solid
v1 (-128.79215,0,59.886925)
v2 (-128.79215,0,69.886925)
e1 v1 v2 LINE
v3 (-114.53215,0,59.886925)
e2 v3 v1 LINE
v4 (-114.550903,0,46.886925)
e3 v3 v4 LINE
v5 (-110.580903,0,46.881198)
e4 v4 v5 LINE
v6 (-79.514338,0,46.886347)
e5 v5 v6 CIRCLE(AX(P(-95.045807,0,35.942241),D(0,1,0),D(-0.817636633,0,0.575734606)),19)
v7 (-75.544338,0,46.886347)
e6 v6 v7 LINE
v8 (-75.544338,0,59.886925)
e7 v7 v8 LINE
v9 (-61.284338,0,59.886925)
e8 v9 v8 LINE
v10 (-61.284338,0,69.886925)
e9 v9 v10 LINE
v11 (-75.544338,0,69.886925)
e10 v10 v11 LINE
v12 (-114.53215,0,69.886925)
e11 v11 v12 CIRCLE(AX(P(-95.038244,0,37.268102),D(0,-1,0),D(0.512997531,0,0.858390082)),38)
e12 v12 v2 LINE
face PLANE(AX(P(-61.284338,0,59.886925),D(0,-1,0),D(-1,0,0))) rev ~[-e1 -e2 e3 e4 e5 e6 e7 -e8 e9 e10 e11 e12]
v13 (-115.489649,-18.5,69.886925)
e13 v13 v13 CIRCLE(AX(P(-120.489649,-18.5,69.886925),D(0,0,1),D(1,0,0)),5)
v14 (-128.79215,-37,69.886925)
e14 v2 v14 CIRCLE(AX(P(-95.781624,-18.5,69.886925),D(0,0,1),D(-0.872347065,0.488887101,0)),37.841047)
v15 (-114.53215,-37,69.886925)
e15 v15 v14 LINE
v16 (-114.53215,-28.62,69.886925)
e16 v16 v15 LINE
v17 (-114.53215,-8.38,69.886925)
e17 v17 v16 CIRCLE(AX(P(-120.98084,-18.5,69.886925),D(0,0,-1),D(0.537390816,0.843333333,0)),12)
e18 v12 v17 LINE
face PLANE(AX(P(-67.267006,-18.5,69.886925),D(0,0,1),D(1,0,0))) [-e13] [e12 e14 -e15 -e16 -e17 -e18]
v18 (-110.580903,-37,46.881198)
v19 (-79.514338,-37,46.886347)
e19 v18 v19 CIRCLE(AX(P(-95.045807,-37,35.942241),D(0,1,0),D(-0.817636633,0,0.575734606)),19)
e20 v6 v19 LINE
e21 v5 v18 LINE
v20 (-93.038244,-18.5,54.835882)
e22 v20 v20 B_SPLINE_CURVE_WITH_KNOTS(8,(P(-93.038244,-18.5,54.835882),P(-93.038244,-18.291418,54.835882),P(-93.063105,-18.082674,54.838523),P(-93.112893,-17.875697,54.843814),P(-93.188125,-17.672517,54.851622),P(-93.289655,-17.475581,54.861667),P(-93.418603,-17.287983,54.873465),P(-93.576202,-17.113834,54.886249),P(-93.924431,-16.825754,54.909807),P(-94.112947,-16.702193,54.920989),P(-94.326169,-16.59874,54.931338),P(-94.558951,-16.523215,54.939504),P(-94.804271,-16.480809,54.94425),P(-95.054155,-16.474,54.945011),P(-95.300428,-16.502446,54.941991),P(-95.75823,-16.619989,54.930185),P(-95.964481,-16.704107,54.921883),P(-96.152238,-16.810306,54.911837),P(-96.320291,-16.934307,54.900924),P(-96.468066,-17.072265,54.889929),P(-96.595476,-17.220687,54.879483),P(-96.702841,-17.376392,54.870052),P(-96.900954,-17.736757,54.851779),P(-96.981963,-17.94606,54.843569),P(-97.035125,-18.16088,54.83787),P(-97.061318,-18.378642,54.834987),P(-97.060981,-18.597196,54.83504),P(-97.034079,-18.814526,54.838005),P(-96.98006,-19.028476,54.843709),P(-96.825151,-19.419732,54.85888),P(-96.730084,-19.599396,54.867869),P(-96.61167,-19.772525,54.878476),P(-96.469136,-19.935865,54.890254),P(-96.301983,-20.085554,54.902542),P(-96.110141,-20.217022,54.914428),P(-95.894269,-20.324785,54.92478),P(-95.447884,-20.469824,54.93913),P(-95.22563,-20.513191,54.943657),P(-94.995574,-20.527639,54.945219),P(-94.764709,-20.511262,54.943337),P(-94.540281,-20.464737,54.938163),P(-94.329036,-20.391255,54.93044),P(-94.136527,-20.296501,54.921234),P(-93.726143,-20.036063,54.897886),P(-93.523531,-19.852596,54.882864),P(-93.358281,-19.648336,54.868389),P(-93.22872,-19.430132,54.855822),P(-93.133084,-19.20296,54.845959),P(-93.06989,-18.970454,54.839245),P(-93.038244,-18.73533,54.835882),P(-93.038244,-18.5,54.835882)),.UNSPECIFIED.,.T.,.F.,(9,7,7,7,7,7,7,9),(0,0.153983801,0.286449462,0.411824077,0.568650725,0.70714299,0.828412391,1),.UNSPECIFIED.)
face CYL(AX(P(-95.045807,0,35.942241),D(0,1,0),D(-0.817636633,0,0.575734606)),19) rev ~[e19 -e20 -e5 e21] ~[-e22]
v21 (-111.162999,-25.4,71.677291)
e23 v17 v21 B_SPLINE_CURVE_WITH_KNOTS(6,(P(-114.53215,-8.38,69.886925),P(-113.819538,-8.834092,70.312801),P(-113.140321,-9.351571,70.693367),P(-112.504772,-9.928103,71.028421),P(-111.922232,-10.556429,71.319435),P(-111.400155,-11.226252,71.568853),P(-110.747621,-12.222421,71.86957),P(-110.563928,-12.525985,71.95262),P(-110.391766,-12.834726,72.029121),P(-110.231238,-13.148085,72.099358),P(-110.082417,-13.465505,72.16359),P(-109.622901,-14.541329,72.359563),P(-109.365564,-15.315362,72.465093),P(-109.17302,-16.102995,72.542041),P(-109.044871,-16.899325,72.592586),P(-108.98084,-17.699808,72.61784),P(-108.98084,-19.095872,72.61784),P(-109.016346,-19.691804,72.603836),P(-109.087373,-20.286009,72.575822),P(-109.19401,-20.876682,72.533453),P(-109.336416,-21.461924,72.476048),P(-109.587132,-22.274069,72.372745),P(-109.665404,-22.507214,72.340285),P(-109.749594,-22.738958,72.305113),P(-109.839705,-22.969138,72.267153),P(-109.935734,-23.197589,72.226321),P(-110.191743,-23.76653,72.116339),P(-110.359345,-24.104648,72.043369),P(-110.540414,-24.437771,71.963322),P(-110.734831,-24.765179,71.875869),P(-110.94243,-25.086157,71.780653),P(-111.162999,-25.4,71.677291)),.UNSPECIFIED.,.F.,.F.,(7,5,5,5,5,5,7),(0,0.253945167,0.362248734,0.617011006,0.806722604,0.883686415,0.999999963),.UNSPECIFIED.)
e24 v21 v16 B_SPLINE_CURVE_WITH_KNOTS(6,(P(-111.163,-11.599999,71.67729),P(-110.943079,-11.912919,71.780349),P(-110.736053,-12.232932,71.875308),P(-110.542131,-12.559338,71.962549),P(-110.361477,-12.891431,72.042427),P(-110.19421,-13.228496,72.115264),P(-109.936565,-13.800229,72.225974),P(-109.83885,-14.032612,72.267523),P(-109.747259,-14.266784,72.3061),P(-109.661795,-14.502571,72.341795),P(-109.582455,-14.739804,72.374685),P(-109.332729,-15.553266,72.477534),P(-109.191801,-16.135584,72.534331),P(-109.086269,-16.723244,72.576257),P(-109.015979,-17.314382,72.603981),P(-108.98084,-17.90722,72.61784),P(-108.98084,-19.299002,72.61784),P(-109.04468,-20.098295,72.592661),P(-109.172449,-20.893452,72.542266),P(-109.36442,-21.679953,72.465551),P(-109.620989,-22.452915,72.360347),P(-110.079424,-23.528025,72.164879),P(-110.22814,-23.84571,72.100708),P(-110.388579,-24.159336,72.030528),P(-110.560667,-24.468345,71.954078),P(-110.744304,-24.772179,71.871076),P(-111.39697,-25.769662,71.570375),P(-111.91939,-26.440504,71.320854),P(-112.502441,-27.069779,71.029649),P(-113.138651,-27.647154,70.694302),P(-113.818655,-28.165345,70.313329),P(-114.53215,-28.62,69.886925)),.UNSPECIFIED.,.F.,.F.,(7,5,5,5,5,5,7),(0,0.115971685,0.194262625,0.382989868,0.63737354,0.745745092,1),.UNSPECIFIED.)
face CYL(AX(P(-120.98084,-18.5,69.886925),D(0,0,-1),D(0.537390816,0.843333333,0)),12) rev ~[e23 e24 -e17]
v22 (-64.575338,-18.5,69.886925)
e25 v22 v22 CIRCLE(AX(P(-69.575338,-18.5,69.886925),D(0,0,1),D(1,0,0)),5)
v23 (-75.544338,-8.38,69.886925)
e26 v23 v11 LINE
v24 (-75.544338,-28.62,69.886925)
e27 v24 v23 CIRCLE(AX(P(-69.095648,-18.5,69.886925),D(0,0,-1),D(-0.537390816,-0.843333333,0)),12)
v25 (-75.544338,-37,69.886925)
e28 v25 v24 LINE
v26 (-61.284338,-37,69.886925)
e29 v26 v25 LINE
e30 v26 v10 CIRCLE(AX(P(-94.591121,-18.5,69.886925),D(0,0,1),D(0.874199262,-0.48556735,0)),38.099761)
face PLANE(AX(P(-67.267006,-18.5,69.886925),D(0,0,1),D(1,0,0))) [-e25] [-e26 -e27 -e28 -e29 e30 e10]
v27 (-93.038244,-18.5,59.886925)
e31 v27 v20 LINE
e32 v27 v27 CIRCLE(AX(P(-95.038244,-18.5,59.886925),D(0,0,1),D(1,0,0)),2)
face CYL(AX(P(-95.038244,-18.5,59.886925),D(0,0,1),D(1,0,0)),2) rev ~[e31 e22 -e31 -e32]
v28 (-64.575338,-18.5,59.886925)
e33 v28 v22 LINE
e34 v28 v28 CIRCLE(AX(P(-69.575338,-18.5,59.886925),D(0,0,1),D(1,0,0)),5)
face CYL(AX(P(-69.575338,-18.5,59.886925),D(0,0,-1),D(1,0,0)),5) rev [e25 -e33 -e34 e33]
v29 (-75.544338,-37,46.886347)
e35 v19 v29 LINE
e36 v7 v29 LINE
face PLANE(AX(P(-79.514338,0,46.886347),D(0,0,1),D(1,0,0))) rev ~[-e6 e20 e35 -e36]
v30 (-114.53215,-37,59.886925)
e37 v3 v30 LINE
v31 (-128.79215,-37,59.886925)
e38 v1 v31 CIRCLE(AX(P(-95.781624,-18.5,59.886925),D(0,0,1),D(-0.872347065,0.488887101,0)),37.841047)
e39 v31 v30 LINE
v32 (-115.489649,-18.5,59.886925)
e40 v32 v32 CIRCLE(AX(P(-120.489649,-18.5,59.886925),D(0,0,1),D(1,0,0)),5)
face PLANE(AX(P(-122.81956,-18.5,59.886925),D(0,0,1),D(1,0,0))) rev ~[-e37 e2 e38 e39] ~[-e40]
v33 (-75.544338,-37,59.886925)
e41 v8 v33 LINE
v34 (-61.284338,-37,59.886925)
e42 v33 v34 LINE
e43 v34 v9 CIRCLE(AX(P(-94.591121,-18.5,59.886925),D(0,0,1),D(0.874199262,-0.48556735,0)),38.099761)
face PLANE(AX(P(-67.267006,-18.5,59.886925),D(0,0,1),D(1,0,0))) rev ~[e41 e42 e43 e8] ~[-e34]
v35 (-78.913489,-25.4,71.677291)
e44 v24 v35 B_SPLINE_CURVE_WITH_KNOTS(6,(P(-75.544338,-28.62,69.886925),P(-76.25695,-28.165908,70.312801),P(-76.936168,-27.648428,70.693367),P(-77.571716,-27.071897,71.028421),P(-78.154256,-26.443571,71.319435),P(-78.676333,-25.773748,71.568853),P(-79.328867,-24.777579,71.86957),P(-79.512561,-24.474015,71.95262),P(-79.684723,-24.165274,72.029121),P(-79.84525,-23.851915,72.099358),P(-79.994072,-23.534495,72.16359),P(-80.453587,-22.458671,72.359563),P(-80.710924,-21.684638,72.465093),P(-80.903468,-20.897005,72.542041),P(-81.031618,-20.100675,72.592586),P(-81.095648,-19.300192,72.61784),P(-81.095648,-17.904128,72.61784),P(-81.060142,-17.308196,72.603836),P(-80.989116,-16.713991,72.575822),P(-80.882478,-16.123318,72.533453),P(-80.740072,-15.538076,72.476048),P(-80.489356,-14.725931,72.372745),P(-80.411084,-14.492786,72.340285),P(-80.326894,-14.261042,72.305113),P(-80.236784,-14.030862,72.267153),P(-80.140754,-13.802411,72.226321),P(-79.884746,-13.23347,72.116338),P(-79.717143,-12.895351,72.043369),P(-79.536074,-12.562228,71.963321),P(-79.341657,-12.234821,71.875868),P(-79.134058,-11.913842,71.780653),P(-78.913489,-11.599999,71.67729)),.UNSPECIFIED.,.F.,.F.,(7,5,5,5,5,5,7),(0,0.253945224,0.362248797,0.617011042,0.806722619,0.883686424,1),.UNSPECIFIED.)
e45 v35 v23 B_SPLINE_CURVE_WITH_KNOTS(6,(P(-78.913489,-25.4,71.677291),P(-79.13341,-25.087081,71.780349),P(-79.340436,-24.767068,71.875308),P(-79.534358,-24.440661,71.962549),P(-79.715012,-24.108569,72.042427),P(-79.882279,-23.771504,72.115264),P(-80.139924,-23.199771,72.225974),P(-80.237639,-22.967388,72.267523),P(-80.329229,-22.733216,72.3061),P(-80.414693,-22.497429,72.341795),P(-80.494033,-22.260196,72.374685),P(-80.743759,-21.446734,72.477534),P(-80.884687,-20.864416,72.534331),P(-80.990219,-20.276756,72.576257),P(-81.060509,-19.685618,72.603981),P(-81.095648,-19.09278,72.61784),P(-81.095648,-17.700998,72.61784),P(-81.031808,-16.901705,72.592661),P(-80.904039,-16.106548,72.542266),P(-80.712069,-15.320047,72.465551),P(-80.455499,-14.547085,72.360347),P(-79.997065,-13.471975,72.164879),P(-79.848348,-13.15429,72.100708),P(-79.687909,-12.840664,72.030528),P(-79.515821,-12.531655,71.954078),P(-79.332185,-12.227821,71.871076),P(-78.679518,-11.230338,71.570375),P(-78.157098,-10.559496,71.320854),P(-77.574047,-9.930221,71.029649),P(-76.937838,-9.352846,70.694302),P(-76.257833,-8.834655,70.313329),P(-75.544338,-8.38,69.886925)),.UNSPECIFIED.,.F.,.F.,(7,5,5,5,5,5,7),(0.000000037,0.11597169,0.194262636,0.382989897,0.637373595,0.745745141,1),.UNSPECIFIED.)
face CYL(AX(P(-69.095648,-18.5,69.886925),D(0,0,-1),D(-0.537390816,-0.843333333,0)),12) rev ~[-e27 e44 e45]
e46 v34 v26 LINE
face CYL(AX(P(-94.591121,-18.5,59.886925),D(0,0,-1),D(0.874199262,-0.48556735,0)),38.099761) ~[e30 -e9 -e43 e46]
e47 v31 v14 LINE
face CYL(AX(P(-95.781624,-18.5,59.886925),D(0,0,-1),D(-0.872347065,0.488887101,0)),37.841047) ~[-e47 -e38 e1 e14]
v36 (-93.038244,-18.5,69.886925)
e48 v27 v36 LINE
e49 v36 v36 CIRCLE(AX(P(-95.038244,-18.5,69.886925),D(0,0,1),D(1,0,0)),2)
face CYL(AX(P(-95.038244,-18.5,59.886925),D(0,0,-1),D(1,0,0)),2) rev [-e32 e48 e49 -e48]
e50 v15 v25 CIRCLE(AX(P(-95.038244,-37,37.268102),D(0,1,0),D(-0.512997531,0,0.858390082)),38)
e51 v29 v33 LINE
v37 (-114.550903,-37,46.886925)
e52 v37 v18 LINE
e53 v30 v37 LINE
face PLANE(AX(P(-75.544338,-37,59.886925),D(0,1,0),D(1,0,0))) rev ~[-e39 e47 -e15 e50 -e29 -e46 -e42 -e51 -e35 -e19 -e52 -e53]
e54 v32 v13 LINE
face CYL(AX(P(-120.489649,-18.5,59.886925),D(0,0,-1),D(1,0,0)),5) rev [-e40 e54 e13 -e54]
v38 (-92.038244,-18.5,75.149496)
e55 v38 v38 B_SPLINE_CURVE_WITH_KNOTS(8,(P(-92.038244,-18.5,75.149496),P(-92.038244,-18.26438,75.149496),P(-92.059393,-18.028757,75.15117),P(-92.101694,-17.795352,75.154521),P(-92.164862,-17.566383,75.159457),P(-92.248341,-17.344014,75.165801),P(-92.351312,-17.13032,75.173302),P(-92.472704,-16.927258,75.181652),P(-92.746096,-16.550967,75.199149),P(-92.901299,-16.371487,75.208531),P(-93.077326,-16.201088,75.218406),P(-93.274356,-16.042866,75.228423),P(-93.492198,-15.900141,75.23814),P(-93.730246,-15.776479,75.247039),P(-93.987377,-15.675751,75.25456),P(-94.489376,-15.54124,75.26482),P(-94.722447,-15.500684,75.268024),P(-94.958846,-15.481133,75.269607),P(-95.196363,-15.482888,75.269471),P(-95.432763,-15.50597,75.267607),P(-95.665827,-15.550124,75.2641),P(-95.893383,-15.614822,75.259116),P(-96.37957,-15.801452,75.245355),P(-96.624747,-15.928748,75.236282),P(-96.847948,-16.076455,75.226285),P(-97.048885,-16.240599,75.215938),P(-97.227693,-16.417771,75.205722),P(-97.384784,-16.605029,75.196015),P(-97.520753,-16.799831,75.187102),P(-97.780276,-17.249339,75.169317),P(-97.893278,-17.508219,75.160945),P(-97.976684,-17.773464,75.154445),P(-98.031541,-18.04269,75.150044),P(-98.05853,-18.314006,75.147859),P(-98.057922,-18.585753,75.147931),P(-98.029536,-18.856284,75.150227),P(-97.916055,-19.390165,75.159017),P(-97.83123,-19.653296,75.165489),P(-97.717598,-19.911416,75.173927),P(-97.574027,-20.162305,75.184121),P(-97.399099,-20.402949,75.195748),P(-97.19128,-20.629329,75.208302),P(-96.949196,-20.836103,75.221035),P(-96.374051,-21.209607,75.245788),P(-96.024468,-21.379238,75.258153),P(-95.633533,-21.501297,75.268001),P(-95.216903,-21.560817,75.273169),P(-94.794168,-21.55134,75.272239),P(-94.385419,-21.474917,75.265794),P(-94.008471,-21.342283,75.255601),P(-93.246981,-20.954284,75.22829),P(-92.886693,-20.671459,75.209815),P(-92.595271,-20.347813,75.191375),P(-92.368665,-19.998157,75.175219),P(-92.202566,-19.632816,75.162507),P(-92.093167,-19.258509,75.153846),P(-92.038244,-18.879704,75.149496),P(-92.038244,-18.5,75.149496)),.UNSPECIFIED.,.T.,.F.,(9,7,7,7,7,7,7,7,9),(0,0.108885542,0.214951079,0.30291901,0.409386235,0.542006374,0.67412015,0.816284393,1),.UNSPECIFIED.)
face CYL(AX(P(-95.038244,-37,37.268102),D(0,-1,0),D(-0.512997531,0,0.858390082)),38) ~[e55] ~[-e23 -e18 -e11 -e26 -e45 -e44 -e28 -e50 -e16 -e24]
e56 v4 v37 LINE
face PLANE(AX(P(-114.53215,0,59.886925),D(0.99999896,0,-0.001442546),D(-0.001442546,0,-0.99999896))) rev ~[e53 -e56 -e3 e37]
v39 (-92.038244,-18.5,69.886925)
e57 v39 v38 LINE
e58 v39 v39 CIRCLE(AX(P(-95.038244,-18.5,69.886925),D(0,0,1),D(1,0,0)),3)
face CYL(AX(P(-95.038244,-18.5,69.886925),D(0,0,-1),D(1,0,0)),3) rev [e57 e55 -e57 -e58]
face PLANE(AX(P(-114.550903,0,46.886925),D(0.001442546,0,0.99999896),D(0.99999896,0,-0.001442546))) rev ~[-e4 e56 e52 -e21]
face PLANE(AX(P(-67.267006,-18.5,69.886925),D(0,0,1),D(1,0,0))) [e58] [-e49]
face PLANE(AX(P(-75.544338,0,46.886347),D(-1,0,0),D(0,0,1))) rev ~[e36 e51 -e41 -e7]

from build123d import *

# Parameters (mm, degrees)
F1_DEPTH  = 37
F2_R      = 2
F3_DEPTH  = 25.4
F4_R      = 5
F2_W      = 38.9878123262
F2_H      = 37
F5_DEPTH  = 10
F6_R      = 3
F7_DEPTH  = 10
F9_DEPTH  = 25.4
F11_DEPTH = 25.4


with BuildPart() as f1:
    # F0 (on Front) → F1 (new body)
    with BuildSketch(Plane.XZ):
        with BuildLine():
            Line((-75.544338002, 59.8869249225), (-114.5321503282, 59.8869249225))
            Line((-114.5321503282, 59.8869249225), (-114.5509034395, 46.8869249225))
            Line((-114.5509034395, 46.8869249225), (-110.5809034395, 46.8811980108))
            ThreePointArc((-110.5809034395, 46.8811980108), (-95.048956228, 54.9422402402), (-79.514338002, 46.8863465853))
            Line((-79.514338002, 46.8863465853), (-75.544338002, 46.8863465853))
            Line((-75.544338002, 46.8863465853), (-75.544338002, 59.8869249225))
        make_face()
    extrude(amount=F1_DEPTH)

    # F2 (on face) → F3 (cut)
    with BuildSketch(Plane.XY.offset(59.8869249225)):
        with Locations((-95.0382441651, -18.5)):
            Circle(F2_R)
    extrude(amount=-F3_DEPTH, mode=Mode.SUBTRACT)

    # F4 (on face) + F2 (on face) → F5 (join)
    with BuildSketch(Plane.XY.offset(59.8869249225)):
        with BuildLine():
            Line((-75.544338002, -37), (-61.284338002, -37))
            ThreePointArc((-61.284338002, -37), (-56.4913599263, -18.5), (-61.284338002, 0))
            Line((-61.284338002, 0), (-75.544338002, 0))
            Line((-75.544338002, 0), (-75.544338002, -37))
        make_face()
        with Locations((-69.575338002, -18.5)):
            Circle(F4_R, mode=Mode.SUBTRACT)
        with BuildLine():
            Line((-128.7921503282, -37), (-114.5321503282, -37))
            Line((-114.5321503282, -37), (-114.5321503282, 0))
            Line((-114.5321503282, 0), (-128.7921503282, 0))
            ThreePointArc((-128.7921503282, 0), (-133.6226710865, -18.5), (-128.7921503282, -37))
        make_face()
        with Locations((-120.4896494746, -18.5)):
            Circle(F4_R, mode=Mode.SUBTRACT)
    with BuildSketch(Plane.XY.offset(59.8869249225)):
        with Locations((-95.0382441651, -18.5)):
            Rectangle(F2_W, F2_H)
        with Locations((-95.0382441651, -18.5)):
            Circle(F2_R, mode=Mode.SUBTRACT)
    extrude(amount=F5_DEPTH)

    # F6 (on face) → F7 (join)
    with BuildSketch(Plane.XY.offset(69.8869249225)):
        with BuildLine():
            Line((-75.544338002, 0), (-114.5321503282, 0))
            Line((-114.5321503282, 0), (-114.5321503282, -8.38))
            ThreePointArc((-114.5321503282, -8.38), (-108.9808401176, -18.5), (-114.5321503282, -28.62))
            Line((-114.5321503282, -28.62), (-114.5321503282, -37))
            Line((-114.5321503282, -37), (-75.544338002, -37))
            Line((-75.544338002, -37), (-75.544338002, -28.62))
            ThreePointArc((-75.544338002, -28.62), (-81.0956482126, -18.5), (-75.544338002, -8.38))
            Line((-75.544338002, -8.38), (-75.544338002, 0))
        make_face()
        with Locations((-95.0382441651, -18.5)):
            Circle(F6_R, mode=Mode.SUBTRACT)
    extrude(amount=F7_DEPTH)

    # F8 (on face) → F9 (cut)
    with BuildSketch(Plane(origin=(0, 0, 0), x_dir=(-1, 0, 0), z_dir=(0, 1, 0))):
        with BuildLine():
            ThreePointArc((75.544338002, 69.8869249225), (95.0382441651, 75.2681017907), (114.5321503282, 69.8869249225))
            Line((114.5321503282, 69.8869249225), (114.5321503282, 79.8869249225))
            Line((114.5321503282, 79.8869249225), (75.544338002, 79.8869249225))
            Line((75.544338002, 79.8869249225), (75.544338002, 69.8869249225))
        make_face()
    extrude(amount=-F9_DEPTH, mode=Mode.SUBTRACT)

    # F10 (on face) → F11 (cut)
    with BuildSketch(Plane.XZ.offset(37)):
        with BuildLine():
            ThreePointArc((-114.5321503282, 69.8869249225), (-95.0382441651, 75.2681017907), (-75.544338002, 69.8869249225))
            Line((-75.544338002, 69.8869249225), (-75.544338002, 79.8869249225))
            Line((-75.544338002, 79.8869249225), (-114.5321503282, 79.8869249225))
            Line((-114.5321503282, 79.8869249225), (-114.5321503282, 69.8869249225))
        make_face()
    extrude(amount=-F11_DEPTH, mode=Mode.SUBTRACT)


solid = f1.part
